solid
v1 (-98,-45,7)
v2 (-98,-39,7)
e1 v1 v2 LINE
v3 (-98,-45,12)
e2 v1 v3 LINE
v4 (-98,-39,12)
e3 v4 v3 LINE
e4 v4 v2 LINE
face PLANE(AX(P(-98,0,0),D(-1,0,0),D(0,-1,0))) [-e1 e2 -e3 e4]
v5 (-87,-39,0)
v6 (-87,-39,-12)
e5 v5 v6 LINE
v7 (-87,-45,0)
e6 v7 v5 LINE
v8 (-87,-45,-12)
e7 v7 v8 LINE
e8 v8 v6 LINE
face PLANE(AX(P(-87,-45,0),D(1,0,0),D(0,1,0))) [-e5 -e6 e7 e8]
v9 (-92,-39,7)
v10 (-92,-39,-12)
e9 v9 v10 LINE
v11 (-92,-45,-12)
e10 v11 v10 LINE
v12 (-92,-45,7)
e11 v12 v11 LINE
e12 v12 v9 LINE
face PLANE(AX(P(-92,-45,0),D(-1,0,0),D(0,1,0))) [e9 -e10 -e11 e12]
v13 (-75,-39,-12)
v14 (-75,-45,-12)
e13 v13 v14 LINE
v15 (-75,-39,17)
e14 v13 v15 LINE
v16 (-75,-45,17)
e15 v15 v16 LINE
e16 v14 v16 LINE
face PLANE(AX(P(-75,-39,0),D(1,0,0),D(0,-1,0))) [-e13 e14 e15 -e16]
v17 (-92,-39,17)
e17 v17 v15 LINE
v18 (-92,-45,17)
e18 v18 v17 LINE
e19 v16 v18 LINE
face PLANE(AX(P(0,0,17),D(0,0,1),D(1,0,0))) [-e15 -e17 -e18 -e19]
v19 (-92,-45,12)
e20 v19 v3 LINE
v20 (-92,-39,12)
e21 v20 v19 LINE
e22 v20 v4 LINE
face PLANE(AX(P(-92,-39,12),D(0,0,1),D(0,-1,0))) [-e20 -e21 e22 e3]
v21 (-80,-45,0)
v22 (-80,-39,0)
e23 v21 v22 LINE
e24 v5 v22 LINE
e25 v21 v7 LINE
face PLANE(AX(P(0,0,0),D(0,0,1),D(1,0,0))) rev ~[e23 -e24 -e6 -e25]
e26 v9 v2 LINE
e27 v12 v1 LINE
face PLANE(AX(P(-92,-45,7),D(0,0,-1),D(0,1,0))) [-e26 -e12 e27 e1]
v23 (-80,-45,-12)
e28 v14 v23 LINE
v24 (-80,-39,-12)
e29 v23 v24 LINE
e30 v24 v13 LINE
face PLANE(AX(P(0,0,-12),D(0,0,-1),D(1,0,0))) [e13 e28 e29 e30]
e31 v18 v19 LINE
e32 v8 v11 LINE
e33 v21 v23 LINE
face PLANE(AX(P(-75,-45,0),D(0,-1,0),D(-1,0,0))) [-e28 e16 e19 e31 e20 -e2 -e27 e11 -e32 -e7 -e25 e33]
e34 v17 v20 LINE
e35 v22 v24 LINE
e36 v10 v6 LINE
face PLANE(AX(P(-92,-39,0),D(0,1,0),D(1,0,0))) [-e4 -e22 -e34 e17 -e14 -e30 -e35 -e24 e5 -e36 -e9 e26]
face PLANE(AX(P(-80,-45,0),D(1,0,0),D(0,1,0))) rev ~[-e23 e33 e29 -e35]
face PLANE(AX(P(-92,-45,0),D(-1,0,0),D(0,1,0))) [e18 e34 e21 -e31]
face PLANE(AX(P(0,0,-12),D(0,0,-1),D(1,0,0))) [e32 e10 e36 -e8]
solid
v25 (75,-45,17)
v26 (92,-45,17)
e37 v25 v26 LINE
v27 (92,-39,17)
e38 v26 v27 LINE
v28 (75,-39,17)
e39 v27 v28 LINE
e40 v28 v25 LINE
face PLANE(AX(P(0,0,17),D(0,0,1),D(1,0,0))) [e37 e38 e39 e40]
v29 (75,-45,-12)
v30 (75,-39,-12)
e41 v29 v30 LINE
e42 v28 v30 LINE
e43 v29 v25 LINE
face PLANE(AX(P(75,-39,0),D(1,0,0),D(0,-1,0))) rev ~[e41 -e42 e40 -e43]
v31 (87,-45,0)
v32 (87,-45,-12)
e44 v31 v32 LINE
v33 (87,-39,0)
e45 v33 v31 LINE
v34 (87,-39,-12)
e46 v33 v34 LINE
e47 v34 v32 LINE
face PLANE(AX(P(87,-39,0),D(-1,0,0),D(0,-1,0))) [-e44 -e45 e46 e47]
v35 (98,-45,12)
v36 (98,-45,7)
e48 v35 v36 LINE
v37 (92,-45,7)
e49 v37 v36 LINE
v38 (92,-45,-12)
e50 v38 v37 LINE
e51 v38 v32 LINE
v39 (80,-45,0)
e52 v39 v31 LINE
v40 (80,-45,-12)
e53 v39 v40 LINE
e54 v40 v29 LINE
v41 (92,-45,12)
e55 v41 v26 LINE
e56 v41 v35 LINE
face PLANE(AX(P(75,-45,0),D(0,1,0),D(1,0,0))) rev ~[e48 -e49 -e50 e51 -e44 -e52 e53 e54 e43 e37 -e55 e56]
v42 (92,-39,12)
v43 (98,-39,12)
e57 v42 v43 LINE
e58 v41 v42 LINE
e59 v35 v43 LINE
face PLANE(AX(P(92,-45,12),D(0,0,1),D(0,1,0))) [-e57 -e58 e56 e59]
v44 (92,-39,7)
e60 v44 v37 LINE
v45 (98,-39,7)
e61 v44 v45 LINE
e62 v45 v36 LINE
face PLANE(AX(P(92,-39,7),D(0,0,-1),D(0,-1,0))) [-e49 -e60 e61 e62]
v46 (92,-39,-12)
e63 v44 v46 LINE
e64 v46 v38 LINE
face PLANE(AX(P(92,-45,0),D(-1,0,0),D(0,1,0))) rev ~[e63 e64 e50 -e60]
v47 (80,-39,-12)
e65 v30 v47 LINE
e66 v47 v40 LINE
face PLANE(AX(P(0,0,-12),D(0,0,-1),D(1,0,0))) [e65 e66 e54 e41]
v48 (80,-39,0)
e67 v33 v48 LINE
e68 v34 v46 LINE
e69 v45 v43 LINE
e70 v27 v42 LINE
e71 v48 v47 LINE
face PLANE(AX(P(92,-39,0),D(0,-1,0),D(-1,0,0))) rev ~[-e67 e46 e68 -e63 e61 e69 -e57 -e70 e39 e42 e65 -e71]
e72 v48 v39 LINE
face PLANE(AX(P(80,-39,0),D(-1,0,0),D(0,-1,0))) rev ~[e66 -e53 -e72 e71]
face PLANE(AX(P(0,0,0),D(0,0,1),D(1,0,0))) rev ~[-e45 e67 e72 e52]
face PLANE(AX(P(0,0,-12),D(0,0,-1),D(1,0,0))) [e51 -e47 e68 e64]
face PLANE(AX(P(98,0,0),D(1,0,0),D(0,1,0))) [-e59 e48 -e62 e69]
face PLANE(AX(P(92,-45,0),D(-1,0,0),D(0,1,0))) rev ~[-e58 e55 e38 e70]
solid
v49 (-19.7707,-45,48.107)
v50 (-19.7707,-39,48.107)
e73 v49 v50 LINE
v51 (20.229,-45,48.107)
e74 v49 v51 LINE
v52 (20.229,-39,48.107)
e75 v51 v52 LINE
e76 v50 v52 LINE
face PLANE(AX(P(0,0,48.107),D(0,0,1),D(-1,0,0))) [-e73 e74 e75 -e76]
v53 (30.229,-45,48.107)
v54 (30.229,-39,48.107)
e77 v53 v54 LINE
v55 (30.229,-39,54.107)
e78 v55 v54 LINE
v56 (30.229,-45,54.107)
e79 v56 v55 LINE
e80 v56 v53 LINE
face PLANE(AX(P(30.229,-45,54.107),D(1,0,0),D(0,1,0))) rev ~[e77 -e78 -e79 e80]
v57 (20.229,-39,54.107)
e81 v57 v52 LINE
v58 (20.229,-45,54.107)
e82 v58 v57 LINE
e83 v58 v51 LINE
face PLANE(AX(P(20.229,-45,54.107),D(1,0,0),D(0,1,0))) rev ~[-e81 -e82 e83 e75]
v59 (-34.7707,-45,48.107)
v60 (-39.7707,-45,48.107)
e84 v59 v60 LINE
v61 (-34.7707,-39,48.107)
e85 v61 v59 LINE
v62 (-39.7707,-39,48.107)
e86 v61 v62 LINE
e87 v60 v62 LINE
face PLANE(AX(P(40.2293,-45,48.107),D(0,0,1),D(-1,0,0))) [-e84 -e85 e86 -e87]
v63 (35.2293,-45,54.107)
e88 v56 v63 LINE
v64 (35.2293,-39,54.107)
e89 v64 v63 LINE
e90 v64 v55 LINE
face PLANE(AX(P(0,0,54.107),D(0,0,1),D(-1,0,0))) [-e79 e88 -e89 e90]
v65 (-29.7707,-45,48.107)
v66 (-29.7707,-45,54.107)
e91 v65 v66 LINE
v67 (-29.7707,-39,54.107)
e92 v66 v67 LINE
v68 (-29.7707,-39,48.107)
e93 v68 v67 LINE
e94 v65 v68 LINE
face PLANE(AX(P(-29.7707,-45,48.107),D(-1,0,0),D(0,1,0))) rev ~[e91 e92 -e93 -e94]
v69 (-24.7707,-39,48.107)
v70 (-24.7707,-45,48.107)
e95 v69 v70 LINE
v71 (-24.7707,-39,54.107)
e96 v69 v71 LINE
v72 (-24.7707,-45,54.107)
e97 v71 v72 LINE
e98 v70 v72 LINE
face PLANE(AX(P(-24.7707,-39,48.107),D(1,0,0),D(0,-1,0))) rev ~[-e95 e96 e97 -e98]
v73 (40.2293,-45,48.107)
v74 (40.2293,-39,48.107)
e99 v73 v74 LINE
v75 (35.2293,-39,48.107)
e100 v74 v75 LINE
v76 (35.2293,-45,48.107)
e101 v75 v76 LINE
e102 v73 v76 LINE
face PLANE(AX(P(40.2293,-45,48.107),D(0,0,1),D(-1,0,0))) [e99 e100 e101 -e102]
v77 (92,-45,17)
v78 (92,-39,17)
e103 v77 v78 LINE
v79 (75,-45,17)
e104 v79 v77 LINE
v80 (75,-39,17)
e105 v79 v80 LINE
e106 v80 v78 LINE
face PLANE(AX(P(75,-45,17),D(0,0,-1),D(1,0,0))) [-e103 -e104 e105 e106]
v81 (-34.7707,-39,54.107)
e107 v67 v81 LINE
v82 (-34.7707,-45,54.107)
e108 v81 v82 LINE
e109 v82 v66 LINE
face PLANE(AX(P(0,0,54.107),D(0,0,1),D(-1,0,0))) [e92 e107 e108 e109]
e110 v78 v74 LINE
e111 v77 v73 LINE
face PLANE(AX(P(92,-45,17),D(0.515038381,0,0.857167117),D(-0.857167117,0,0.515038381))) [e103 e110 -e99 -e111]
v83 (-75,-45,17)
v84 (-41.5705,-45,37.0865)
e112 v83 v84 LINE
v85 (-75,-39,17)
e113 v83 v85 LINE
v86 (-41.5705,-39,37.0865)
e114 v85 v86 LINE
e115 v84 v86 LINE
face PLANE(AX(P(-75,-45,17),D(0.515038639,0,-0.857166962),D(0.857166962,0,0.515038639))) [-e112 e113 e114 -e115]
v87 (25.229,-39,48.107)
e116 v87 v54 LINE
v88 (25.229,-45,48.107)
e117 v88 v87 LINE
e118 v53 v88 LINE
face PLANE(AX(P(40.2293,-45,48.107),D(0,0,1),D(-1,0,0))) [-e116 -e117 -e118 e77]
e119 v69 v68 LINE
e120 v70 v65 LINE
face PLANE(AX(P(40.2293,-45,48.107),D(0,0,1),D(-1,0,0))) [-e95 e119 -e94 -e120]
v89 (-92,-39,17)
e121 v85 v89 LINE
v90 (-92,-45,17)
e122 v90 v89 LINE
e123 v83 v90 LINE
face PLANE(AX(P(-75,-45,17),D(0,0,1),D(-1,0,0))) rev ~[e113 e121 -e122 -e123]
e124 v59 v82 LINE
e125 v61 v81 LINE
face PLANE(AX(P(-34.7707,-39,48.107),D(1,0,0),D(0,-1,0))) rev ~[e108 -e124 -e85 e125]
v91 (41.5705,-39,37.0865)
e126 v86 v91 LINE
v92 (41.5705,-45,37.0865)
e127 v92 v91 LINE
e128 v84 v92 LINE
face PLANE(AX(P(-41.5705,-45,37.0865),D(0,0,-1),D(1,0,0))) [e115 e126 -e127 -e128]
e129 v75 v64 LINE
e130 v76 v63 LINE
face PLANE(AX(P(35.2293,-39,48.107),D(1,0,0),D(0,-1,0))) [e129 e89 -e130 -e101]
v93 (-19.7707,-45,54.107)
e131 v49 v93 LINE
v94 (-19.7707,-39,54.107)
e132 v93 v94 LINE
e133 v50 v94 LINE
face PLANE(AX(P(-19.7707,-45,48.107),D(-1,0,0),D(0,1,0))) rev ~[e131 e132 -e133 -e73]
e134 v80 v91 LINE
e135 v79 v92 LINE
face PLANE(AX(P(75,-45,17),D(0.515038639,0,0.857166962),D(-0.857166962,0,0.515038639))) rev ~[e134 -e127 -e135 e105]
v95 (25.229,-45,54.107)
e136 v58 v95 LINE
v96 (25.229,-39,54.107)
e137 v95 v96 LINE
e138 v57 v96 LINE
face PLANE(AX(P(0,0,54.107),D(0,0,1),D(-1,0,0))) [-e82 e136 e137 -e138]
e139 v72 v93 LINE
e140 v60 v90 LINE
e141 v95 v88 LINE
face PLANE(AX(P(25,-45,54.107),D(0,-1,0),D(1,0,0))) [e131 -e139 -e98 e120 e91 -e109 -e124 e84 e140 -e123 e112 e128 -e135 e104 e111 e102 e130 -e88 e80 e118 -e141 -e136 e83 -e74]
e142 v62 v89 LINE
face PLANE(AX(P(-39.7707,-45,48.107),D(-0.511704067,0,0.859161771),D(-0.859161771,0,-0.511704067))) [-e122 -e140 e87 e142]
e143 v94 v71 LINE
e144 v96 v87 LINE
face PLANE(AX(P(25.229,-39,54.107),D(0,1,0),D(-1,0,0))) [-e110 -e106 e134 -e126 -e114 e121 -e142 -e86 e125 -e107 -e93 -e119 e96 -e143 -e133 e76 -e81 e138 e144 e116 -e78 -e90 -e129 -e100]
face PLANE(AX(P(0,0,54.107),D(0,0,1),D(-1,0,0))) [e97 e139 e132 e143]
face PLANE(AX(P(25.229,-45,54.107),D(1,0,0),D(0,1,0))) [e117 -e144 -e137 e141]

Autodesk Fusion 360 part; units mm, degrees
sketch "Sketch1" plane through (0, 0, 0) normal (0, 0, 1) x (1, 0, 0) in component "sidelegs"
  line L0 (-75, -45) -> (-92, -45)
  line L1 (-92, -45) -> (-92, -39)
  line L2 (-92, -39) -> (-75, -39)
  line L3 (-75, -39) -> (-75, -45)
  line L4 (75, -45) -> (92, -45)
  line L5 (92, -45) -> (92, -39)
  line L6 (92, -39) -> (75, -39)
  line L7 (75, -39) -> (75, -45)
  dimension "d7" = 17
  dimension "d8" = 6
  dimension "d9" = 17
  dimension "d10" = 6
extrude "Extrude1" add sketch "Sketch1" along normal blind 17 makes body 1 at (-80.6667, -45, 11.3333) makes body 2 at (86.3333, -39, 11.3333) in component "sidelegs"
sketch "Sketch2" plane through (0, -45, 0) normal (0, -1, 0) x (1, 0, 0) in component "sidelegs"
  line L0 (-92, 0) -> (-75, 0)
  line L1 (-75, 0) -> (-75, 17)
  line L2 (-75, 17) -> (-92, 17)
  line L3 (-92, 17) -> (-92, 0)
  line L4 (-75, 17) -> (-41.5705, 37.0865)
  line L5 (-75, 17) -> (-36, 17) construction
  line L6 (75, 17) -> (41.5705, 37.0865)
  line L7 (75, 17) -> (114, 17) construction
  line L8 (-41.5705, 37.0865) -> (41.5705, 37.0865)
  line L9 (92, 17) -> (40.2293, 48.107)
  line L10 (40.2293, 48.107) -> (-39.7707, 48.107)
  line L11 (-39.7707, 48.107) -> (-92, 17)
  line L12 (75, 17) -> (92, 17)
  line L13 (-75, 17) -> (-92, 17)
  dimension "d13" = 39
  dimension "d14" = 31
  dimension "d15" = 149
  dimension "d16" = 39
  dimension "d25" = 80
extrude "Extrude2" add sketch "Sketch2" against normal blind 6 separate body contours L2 L4 L6 L8 L9 L10 L11 L12 L13 makes body 3 in component "sidelegs"
sketch "Sketch3" plane through (0, 0, 0) normal (0, 0, -1) x (1, 0, 0) in component "sidelegs"
  line L0 (-92, 39) -> (-75, 39)
  line L1 (-75, 39) -> (-75, 45)
  line L2 (-75, 45) -> (-92, 45)
  line L3 (-92, 45) -> (-92, 39)
  line L4 (-92, 45) -> (-87, 45)
  line L5 (-87, 45) -> (-87, 39)
  line L6 (-87, 39) -> (-92, 39)
  line L7 (-92, 39) -> (-92, 45)
  line L8 (-75, 45) -> (-80, 45)
  line L9 (-80, 45) -> (-80, 39)
  line L10 (-80, 39) -> (-75, 39)
  line L11 (-75, 39) -> (-75, 45)
extrude "Extrude3" add sketch "Sketch3" along normal blind 12 contours L0 L2 L3 L4 L5 L6 L7 | L0 L1 L2 L8 L9 L10 L11 bodies 1 in component "sidelegs"
ref_plane "WorkPlane1" through (0, 0, 0) normal (1, 0, 0) x (0, 1, 0) in component "sidelegs"
sketch "Sketch4" plane through (0, 0, 0) normal (0, 0, -1) x (1, 0, 0) in component "sidelegs"
  line L0 (75, 45) -> (75, 39)
  line L1 (75, 39) -> (92, 39)
  line L2 (92, 39) -> (92, 45)
  line L3 (92, 45) -> (75, 45)
  line L4 (92, 39) -> (87, 39)
  line L5 (87, 39) -> (87, 45)
  line L6 (87, 45) -> (92, 45)
  line L7 (92, 45) -> (92, 39)
  line L8 (75, 39) -> (80, 39)
  line L9 (80, 39) -> (80, 45)
  line L10 (80, 45) -> (75, 45)
  line L11 (75, 45) -> (75, 39)
extrude "Extrude4" add sketch "Sketch4" along normal blind 12 contours L0 L1 L3 L8 L9 L10 L11 | L1 L2 L3 L4 L5 L6 L7 bodies 2 in component "sidelegs"
sketch "Sketch5" plane through (0, 0, 48.107) normal (0, 0, 1) x (-1, 0, 0) in component "sidelegs"
  line L0 (39.7707, 45) -> (-40.2293, 45)
  line L1 (-40.2293, 45) -> (-40.2293, 39)
  line L2 (-40.2293, 39) -> (39.7707, 39)
  line L3 (39.7707, 39) -> (39.7707, 45)
  line L4 (-40.2293, 45) -> (-35.2293, 45) construction
  line L5 (-35.2293, 45) -> (-35.2293, 39) construction
  line L6 (-35.2293, 39) -> (-40.2293, 39) construction
  line L7 (-40.2293, 39) -> (-40.2293, 45) construction
  line L8 (39.7707, 45) -> (34.7707, 45) construction
  line L9 (34.7707, 45) -> (34.7707, 39) construction
  line L10 (34.7707, 39) -> (39.7707, 39) construction
  line L11 (39.7707, 39) -> (39.7707, 45) construction
  line L12 (-35.2293, 45) -> (-30.2293, 45) construction
  line L13 (-30.2293, 45) -> (-30.2293, 39) construction
  line L14 (-30.2293, 39) -> (-35.2293, 39) construction
  line L15 (-35.2293, 39) -> (-35.2293, 45) construction
  line L16 (-30, 45) -> (-25, 45) construction
  line L17 (-25, 45) -> (-25, 39) construction
  line L18 (-25, 39) -> (-30, 39) construction
  line L19 (-30, 39) -> (-30, 45) construction
  line L20 (34.7707, 45) -> (29.7707, 45) construction
  line L21 (29.7707, 45) -> (29.7707, 39) construction
  line L22 (29.7707, 39) -> (34.7707, 39) construction
  line L23 (34.7707, 39) -> (34.7707, 45) construction
  line L24 (29.7707, 45) -> (24.7707, 45) construction
  line L25 (24.7707, 45) -> (24.7707, 39) construction
  line L26 (24.7707, 39) -> (29.7707, 39) construction
  line L27 (29.7707, 39) -> (29.7707, 45) construction
  line L28 (34.7707, 45) -> (29.7707, 45)
  line L29 (29.7707, 45) -> (29.7707, 39)
  line L30 (29.7707, 39) -> (34.7707, 39)
  line L31 (34.7707, 39) -> (34.7707, 45)
  line L32 (-35.2293, 45) -> (-30, 45)
  line L33 (-30, 45) -> (-30, 39)
  line L34 (-30, 39) -> (-35.2293, 39)
  line L35 (-35.2293, 39) -> (-35.2293, 45)
  line L36 (-25, 45) -> (-20, 45)
  line L37 (-20, 45) -> (-20, 39)
  line L38 (-20, 39) -> (-25, 39)
  line L39 (-25, 39) -> (-25, 45)
  line L40 (24.7707, 45) -> (19.7707, 45)
  line L41 (19.7707, 45) -> (19.7707, 39)
  line L42 (19.7707, 39) -> (24.7707, 39)
  line L43 (24.7707, 39) -> (24.7707, 45)
  dimension "d26" = 5
  dimension "d27" = 5
  dimension "d28" = 5
  dimension "d29" = 5
  dimension "d30" = 5
  dimension "d31" = 5
  dimension "d32" = 5
extrude "Extrude5" add sketch "Sketch5" along normal blind 6 contours L0 L2 L28 L29 L30 L31 | L0 L2 L40 L41 L42 L43 | L0 L2 L36 L37 L38 L39 | L0 L2 L32 L33 L34 L35 bodies 3 in component "sidelegs"
sketch "Sketch6" plane through (-92, 0, 0) normal (-1, 0, 0) x (0, -1, 0) in component "sidelegs"
  line L0 (45, -12) -> (45, 17)
  line L1 (45, 17) -> (39, 17)
  line L2 (39, 17) -> (39, -12)
  line L3 (39, -12) -> (45, -12)
  line L4 (45, 17) -> (45, 0) construction
  line L5 (39, 0) -> (39, 17) construction
  line L6 (39, 17) -> (45, 17) construction
  line L7 (45, 17) -> (45, 12) construction
  line L8 (45, 12) -> (39, 12) construction
  line L9 (39, 12) -> (39, 17) construction
  line L10 (39, 12) -> (45, 12)
  line L11 (45, 12) -> (45, 7)
  line L12 (45, 7) -> (39, 7)
  line L13 (39, 7) -> (39, 12)
extrude "Extrude6" add sketch "Sketch6" along normal blind 6 contours L0 L2 L10 L11 L12 L13 bodies 1 in component "sidelegs"
sketch "Sketch7" plane through (92, 0, 0) normal (1, 0, 0) x (0, 1, 0) in component "sidelegs"
  line L0 (-39, -12) -> (-39, 17)
  line L1 (-39, 17) -> (-45, 17)
  line L2 (-45, 17) -> (-45, -12)
  line L3 (-45, -12) -> (-39, -12)
  line L4 (-45, 17) -> (-39, 17) construction
  line L5 (-39, 17) -> (-39, 12) construction
  line L6 (-39, 12) -> (-45, 12) construction
  line L7 (-45, 12) -> (-45, 17) construction
  line L8 (-45, 12) -> (-39, 12)
  line L9 (-39, 12) -> (-39, 7)
  line L10 (-39, 7) -> (-45, 7)
  line L11 (-45, 7) -> (-45, 12)
extrude "Extrude7" add sketch "Sketch7" along normal blind 6 contours L0 L2 L8 L9 L10 L11 bodies 2 in component "sidelegs"
sketch "Sketch8" plane through (0, 0, 54.107) normal (0, 0, 1) x (-1, 0, 0) in component "sidelegs"
  line L0 (-35.2293, 39) -> (-30, 39)
  line L1 (-30, 39) -> (-30, 45)
  line L2 (-30, 45) -> (-35.2293, 45)
  line L3 (-35.2293, 45) -> (-35.2293, 39)
  line L4 (-30, 42) -> (-30.229, 42) construction
  line L5 (-30.229, 42) -> (-30.229, 39) construction
  line L6 (-30.229, 42) -> (-30.229, 45) construction
  line L7 (-30.229, 45) -> (-30, 45) construction
  line L8 (-30, 45) -> (-30, 39) construction
  line L9 (-30, 39) -> (-30.229, 39) construction
  line L10 (-30.229, 39) -> (-30.229, 45) construction
  line L11 (-30, 45) -> (-30.229, 45)
  line L12 (-30.229, 45) -> (-30.229, 39)
  line L13 (-30.229, 39) -> (-30, 39)
  line L14 (-30, 39) -> (-30, 45)
  dimension "d39" = 0.229
extrude "Extrude8" cut sketch "Sketch8" against normal blind 6 contours L0 L1 L2 L11 L12 L13 L14 bodies 3 in component "sidelegs"
sketch "Sketch9" plane through (0, 0, 54.107) normal (0, 0, 1) x (-1, 0, 0) in component "sidelegs"
  line L0 (-25, 39) -> (-20, 39)
  line L1 (-20, 39) -> (-20, 45)
  line L2 (-20, 45) -> (-25, 45)
  line L3 (-25, 45) -> (-25, 39)
  line L4 (-25, 45) -> (-25.229, 45)
  line L5 (-25.229, 45) -> (-25.229, 39)
  line L6 (-25.229, 39) -> (-25, 39)
  line L7 (-20.229, 45) -> (-20.229, 39)
  dimension "d42" = 0.229
  dimension "d43" = 6
  dimension "d46" = 0.229
extrude "Extrude9" add sketch "Sketch9" against normal blind 6 contours L3 L4 L5 L6 bodies 3 in component "sidelegs"
extrude "Extrude10" cut sketch "Sketch9" against normal blind 6 contours L0 L1 L2 L7 bodies 3 in component "sidelegs"
component "sidelegs" placed x (1, 0, 0) y (0, 1, 0) z (0, 0, 1) at (0, 0, 0)
